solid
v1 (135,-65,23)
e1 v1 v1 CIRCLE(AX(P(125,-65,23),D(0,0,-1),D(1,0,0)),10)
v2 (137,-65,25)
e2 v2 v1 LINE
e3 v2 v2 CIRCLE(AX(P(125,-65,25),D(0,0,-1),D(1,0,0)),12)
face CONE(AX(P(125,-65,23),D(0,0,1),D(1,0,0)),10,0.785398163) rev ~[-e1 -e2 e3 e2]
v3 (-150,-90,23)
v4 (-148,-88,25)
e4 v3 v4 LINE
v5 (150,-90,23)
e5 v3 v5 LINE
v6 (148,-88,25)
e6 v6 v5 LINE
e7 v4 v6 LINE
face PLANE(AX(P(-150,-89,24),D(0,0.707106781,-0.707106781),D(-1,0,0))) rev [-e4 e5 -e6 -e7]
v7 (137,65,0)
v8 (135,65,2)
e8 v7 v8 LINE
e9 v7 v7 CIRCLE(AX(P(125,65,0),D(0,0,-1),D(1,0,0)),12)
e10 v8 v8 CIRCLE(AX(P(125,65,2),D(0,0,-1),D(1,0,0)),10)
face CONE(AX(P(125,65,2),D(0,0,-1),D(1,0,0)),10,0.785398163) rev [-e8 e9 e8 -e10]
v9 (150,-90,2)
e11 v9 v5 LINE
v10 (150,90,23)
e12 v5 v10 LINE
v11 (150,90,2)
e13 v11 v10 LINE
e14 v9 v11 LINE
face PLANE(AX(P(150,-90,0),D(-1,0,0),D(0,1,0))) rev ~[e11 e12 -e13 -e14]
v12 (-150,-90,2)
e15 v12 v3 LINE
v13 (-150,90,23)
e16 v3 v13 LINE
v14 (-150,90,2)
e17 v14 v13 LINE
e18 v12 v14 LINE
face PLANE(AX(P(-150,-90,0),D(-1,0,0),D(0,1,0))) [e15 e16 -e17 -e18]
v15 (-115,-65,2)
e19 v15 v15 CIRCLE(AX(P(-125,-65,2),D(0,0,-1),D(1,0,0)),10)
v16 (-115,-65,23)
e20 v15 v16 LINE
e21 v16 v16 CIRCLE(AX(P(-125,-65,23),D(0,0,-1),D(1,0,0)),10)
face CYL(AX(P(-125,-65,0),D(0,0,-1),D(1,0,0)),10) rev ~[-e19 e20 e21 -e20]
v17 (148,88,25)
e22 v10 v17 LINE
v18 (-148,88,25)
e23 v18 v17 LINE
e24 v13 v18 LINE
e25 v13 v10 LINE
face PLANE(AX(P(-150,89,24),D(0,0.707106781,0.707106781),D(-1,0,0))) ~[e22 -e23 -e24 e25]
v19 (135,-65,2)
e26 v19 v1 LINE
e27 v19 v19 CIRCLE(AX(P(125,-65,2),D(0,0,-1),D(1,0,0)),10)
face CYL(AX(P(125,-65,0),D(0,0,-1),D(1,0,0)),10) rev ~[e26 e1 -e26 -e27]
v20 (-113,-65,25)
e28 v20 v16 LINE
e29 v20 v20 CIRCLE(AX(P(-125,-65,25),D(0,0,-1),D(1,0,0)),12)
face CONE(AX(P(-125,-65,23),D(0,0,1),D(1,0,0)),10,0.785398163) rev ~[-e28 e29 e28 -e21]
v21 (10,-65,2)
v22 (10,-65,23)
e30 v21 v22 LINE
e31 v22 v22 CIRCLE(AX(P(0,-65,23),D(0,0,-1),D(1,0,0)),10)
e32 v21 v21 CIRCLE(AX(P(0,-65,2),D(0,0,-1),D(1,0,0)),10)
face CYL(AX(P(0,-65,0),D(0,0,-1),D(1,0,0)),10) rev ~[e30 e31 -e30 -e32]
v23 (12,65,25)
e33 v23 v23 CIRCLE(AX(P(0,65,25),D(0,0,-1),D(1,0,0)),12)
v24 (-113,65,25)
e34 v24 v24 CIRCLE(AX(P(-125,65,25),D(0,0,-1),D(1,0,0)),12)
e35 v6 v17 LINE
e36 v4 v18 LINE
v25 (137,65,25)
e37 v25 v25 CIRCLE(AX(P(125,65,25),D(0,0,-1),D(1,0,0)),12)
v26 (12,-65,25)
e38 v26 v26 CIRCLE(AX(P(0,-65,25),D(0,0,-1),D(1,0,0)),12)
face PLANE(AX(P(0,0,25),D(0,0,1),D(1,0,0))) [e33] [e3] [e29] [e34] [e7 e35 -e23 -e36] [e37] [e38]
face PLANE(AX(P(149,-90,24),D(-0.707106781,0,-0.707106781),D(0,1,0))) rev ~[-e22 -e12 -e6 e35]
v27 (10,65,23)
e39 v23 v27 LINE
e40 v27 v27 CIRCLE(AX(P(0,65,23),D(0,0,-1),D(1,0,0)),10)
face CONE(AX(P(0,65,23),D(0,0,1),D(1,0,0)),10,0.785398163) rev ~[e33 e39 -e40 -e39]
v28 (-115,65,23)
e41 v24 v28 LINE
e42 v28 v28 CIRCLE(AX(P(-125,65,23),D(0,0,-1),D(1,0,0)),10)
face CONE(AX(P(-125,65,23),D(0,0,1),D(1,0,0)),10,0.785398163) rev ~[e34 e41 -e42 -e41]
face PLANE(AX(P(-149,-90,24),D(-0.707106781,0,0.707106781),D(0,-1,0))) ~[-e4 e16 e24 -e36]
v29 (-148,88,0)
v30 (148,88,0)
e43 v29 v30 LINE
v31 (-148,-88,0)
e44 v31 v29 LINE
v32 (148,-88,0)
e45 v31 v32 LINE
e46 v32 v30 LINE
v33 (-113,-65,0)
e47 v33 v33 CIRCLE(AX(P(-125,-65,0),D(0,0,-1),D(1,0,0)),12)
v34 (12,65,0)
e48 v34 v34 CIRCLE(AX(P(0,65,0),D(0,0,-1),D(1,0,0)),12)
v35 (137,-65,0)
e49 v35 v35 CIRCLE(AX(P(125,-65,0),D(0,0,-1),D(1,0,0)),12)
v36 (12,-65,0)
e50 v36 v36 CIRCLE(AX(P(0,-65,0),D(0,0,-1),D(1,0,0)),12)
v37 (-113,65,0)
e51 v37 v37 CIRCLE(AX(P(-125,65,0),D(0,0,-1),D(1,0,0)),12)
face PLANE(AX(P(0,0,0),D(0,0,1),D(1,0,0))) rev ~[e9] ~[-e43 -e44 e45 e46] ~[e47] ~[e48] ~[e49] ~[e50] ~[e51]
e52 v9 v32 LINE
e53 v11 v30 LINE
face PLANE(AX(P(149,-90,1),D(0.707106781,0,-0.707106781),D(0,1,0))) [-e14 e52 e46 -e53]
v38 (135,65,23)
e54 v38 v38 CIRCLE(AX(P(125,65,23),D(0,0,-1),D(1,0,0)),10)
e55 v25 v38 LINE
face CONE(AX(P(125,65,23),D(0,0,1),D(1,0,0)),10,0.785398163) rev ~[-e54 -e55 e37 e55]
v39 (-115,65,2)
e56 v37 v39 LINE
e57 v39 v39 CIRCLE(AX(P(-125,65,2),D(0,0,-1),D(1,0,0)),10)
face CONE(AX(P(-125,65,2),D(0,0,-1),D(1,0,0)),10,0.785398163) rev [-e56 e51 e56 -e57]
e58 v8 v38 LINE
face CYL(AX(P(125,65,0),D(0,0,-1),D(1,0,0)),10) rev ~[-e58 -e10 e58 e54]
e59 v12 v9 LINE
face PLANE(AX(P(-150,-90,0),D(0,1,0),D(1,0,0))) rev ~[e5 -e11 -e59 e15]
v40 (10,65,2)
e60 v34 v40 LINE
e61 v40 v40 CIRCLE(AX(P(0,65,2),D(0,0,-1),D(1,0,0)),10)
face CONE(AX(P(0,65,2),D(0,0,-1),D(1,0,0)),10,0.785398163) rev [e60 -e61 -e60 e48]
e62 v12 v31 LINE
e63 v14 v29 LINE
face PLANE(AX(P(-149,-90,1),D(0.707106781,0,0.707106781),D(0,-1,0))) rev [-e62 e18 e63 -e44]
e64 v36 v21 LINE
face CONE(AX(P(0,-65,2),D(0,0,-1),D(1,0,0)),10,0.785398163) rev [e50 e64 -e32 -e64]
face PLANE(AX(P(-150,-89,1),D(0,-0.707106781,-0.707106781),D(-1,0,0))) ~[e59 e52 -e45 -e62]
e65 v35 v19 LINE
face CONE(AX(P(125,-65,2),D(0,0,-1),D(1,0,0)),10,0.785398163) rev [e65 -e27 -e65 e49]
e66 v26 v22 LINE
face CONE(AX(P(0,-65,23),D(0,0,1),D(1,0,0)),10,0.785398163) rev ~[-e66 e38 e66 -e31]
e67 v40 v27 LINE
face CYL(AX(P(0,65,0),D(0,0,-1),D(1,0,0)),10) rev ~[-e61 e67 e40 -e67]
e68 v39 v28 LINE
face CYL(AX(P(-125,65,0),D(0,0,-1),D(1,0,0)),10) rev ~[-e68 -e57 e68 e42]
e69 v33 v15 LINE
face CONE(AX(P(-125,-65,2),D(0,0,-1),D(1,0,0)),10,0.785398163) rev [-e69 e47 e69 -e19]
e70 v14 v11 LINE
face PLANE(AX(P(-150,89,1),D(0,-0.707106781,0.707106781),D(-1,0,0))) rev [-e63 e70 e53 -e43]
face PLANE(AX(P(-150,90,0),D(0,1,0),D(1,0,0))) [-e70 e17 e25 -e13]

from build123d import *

# Parameters (mm, degrees)
F0_W     = 300
F0_H     = 180
F1_DEPTH = 25
F2_R     = 10
F3_DEPTH = 25
F4_SIZE2 = 2
F4_SIZE  = 2


with BuildPart() as f1:
    # F0 (on Top) → F1 (new body)
    with BuildSketch(Plane.XY):
        Rectangle(F0_W, F0_H)
    extrude(amount=F1_DEPTH)

    # F2 (on face) → F3 (cut, through all)
    with BuildSketch(Plane(origin=(0, 0, 0), x_dir=(1, 0, 0), z_dir=(0, 0, -1))):
        with Locations((-125, 65)):
            Circle(F2_R)
        with Locations((0, 65)):
            Circle(F2_R)
        with Locations((125, 65)):
            Circle(F2_R)
        with Locations((125, -65)):
            Circle(F2_R)
        with Locations((0, -65)):
            Circle(F2_R)
        with Locations((-125, -65)):
            Circle(F2_R)
    extrude(amount=-F3_DEPTH, mode=Mode.SUBTRACT)

    # F4
    f4_edges = [f1.edges().sort_by_distance(p)[0] for p in [
        (-135, -65, 0),
        (-10, -65, 0),
        (115, -65, 0),
        (115, 65, 0),
        (-10, 65, 0),
        (-135, 65, 0),
        (-150, 0, 0),
        (0, 90, 0),
        (-150, 0, 25),
        (0, 90, 25),
        (0, -90, 0),
        (150, 0, 0),
        (150, 0, 25),
        (0, -90, 25),
        (-10, 65, 25),
        (-135, 65, 25),
        (-135, -65, 25),
        (-10, -65, 25),
        (115, 65, 25),
        (115, -65, 25),
    ]]
    chamfer(f4_edges, length=F4_SIZE, length2=F4_SIZE2)


solid = f1.part
